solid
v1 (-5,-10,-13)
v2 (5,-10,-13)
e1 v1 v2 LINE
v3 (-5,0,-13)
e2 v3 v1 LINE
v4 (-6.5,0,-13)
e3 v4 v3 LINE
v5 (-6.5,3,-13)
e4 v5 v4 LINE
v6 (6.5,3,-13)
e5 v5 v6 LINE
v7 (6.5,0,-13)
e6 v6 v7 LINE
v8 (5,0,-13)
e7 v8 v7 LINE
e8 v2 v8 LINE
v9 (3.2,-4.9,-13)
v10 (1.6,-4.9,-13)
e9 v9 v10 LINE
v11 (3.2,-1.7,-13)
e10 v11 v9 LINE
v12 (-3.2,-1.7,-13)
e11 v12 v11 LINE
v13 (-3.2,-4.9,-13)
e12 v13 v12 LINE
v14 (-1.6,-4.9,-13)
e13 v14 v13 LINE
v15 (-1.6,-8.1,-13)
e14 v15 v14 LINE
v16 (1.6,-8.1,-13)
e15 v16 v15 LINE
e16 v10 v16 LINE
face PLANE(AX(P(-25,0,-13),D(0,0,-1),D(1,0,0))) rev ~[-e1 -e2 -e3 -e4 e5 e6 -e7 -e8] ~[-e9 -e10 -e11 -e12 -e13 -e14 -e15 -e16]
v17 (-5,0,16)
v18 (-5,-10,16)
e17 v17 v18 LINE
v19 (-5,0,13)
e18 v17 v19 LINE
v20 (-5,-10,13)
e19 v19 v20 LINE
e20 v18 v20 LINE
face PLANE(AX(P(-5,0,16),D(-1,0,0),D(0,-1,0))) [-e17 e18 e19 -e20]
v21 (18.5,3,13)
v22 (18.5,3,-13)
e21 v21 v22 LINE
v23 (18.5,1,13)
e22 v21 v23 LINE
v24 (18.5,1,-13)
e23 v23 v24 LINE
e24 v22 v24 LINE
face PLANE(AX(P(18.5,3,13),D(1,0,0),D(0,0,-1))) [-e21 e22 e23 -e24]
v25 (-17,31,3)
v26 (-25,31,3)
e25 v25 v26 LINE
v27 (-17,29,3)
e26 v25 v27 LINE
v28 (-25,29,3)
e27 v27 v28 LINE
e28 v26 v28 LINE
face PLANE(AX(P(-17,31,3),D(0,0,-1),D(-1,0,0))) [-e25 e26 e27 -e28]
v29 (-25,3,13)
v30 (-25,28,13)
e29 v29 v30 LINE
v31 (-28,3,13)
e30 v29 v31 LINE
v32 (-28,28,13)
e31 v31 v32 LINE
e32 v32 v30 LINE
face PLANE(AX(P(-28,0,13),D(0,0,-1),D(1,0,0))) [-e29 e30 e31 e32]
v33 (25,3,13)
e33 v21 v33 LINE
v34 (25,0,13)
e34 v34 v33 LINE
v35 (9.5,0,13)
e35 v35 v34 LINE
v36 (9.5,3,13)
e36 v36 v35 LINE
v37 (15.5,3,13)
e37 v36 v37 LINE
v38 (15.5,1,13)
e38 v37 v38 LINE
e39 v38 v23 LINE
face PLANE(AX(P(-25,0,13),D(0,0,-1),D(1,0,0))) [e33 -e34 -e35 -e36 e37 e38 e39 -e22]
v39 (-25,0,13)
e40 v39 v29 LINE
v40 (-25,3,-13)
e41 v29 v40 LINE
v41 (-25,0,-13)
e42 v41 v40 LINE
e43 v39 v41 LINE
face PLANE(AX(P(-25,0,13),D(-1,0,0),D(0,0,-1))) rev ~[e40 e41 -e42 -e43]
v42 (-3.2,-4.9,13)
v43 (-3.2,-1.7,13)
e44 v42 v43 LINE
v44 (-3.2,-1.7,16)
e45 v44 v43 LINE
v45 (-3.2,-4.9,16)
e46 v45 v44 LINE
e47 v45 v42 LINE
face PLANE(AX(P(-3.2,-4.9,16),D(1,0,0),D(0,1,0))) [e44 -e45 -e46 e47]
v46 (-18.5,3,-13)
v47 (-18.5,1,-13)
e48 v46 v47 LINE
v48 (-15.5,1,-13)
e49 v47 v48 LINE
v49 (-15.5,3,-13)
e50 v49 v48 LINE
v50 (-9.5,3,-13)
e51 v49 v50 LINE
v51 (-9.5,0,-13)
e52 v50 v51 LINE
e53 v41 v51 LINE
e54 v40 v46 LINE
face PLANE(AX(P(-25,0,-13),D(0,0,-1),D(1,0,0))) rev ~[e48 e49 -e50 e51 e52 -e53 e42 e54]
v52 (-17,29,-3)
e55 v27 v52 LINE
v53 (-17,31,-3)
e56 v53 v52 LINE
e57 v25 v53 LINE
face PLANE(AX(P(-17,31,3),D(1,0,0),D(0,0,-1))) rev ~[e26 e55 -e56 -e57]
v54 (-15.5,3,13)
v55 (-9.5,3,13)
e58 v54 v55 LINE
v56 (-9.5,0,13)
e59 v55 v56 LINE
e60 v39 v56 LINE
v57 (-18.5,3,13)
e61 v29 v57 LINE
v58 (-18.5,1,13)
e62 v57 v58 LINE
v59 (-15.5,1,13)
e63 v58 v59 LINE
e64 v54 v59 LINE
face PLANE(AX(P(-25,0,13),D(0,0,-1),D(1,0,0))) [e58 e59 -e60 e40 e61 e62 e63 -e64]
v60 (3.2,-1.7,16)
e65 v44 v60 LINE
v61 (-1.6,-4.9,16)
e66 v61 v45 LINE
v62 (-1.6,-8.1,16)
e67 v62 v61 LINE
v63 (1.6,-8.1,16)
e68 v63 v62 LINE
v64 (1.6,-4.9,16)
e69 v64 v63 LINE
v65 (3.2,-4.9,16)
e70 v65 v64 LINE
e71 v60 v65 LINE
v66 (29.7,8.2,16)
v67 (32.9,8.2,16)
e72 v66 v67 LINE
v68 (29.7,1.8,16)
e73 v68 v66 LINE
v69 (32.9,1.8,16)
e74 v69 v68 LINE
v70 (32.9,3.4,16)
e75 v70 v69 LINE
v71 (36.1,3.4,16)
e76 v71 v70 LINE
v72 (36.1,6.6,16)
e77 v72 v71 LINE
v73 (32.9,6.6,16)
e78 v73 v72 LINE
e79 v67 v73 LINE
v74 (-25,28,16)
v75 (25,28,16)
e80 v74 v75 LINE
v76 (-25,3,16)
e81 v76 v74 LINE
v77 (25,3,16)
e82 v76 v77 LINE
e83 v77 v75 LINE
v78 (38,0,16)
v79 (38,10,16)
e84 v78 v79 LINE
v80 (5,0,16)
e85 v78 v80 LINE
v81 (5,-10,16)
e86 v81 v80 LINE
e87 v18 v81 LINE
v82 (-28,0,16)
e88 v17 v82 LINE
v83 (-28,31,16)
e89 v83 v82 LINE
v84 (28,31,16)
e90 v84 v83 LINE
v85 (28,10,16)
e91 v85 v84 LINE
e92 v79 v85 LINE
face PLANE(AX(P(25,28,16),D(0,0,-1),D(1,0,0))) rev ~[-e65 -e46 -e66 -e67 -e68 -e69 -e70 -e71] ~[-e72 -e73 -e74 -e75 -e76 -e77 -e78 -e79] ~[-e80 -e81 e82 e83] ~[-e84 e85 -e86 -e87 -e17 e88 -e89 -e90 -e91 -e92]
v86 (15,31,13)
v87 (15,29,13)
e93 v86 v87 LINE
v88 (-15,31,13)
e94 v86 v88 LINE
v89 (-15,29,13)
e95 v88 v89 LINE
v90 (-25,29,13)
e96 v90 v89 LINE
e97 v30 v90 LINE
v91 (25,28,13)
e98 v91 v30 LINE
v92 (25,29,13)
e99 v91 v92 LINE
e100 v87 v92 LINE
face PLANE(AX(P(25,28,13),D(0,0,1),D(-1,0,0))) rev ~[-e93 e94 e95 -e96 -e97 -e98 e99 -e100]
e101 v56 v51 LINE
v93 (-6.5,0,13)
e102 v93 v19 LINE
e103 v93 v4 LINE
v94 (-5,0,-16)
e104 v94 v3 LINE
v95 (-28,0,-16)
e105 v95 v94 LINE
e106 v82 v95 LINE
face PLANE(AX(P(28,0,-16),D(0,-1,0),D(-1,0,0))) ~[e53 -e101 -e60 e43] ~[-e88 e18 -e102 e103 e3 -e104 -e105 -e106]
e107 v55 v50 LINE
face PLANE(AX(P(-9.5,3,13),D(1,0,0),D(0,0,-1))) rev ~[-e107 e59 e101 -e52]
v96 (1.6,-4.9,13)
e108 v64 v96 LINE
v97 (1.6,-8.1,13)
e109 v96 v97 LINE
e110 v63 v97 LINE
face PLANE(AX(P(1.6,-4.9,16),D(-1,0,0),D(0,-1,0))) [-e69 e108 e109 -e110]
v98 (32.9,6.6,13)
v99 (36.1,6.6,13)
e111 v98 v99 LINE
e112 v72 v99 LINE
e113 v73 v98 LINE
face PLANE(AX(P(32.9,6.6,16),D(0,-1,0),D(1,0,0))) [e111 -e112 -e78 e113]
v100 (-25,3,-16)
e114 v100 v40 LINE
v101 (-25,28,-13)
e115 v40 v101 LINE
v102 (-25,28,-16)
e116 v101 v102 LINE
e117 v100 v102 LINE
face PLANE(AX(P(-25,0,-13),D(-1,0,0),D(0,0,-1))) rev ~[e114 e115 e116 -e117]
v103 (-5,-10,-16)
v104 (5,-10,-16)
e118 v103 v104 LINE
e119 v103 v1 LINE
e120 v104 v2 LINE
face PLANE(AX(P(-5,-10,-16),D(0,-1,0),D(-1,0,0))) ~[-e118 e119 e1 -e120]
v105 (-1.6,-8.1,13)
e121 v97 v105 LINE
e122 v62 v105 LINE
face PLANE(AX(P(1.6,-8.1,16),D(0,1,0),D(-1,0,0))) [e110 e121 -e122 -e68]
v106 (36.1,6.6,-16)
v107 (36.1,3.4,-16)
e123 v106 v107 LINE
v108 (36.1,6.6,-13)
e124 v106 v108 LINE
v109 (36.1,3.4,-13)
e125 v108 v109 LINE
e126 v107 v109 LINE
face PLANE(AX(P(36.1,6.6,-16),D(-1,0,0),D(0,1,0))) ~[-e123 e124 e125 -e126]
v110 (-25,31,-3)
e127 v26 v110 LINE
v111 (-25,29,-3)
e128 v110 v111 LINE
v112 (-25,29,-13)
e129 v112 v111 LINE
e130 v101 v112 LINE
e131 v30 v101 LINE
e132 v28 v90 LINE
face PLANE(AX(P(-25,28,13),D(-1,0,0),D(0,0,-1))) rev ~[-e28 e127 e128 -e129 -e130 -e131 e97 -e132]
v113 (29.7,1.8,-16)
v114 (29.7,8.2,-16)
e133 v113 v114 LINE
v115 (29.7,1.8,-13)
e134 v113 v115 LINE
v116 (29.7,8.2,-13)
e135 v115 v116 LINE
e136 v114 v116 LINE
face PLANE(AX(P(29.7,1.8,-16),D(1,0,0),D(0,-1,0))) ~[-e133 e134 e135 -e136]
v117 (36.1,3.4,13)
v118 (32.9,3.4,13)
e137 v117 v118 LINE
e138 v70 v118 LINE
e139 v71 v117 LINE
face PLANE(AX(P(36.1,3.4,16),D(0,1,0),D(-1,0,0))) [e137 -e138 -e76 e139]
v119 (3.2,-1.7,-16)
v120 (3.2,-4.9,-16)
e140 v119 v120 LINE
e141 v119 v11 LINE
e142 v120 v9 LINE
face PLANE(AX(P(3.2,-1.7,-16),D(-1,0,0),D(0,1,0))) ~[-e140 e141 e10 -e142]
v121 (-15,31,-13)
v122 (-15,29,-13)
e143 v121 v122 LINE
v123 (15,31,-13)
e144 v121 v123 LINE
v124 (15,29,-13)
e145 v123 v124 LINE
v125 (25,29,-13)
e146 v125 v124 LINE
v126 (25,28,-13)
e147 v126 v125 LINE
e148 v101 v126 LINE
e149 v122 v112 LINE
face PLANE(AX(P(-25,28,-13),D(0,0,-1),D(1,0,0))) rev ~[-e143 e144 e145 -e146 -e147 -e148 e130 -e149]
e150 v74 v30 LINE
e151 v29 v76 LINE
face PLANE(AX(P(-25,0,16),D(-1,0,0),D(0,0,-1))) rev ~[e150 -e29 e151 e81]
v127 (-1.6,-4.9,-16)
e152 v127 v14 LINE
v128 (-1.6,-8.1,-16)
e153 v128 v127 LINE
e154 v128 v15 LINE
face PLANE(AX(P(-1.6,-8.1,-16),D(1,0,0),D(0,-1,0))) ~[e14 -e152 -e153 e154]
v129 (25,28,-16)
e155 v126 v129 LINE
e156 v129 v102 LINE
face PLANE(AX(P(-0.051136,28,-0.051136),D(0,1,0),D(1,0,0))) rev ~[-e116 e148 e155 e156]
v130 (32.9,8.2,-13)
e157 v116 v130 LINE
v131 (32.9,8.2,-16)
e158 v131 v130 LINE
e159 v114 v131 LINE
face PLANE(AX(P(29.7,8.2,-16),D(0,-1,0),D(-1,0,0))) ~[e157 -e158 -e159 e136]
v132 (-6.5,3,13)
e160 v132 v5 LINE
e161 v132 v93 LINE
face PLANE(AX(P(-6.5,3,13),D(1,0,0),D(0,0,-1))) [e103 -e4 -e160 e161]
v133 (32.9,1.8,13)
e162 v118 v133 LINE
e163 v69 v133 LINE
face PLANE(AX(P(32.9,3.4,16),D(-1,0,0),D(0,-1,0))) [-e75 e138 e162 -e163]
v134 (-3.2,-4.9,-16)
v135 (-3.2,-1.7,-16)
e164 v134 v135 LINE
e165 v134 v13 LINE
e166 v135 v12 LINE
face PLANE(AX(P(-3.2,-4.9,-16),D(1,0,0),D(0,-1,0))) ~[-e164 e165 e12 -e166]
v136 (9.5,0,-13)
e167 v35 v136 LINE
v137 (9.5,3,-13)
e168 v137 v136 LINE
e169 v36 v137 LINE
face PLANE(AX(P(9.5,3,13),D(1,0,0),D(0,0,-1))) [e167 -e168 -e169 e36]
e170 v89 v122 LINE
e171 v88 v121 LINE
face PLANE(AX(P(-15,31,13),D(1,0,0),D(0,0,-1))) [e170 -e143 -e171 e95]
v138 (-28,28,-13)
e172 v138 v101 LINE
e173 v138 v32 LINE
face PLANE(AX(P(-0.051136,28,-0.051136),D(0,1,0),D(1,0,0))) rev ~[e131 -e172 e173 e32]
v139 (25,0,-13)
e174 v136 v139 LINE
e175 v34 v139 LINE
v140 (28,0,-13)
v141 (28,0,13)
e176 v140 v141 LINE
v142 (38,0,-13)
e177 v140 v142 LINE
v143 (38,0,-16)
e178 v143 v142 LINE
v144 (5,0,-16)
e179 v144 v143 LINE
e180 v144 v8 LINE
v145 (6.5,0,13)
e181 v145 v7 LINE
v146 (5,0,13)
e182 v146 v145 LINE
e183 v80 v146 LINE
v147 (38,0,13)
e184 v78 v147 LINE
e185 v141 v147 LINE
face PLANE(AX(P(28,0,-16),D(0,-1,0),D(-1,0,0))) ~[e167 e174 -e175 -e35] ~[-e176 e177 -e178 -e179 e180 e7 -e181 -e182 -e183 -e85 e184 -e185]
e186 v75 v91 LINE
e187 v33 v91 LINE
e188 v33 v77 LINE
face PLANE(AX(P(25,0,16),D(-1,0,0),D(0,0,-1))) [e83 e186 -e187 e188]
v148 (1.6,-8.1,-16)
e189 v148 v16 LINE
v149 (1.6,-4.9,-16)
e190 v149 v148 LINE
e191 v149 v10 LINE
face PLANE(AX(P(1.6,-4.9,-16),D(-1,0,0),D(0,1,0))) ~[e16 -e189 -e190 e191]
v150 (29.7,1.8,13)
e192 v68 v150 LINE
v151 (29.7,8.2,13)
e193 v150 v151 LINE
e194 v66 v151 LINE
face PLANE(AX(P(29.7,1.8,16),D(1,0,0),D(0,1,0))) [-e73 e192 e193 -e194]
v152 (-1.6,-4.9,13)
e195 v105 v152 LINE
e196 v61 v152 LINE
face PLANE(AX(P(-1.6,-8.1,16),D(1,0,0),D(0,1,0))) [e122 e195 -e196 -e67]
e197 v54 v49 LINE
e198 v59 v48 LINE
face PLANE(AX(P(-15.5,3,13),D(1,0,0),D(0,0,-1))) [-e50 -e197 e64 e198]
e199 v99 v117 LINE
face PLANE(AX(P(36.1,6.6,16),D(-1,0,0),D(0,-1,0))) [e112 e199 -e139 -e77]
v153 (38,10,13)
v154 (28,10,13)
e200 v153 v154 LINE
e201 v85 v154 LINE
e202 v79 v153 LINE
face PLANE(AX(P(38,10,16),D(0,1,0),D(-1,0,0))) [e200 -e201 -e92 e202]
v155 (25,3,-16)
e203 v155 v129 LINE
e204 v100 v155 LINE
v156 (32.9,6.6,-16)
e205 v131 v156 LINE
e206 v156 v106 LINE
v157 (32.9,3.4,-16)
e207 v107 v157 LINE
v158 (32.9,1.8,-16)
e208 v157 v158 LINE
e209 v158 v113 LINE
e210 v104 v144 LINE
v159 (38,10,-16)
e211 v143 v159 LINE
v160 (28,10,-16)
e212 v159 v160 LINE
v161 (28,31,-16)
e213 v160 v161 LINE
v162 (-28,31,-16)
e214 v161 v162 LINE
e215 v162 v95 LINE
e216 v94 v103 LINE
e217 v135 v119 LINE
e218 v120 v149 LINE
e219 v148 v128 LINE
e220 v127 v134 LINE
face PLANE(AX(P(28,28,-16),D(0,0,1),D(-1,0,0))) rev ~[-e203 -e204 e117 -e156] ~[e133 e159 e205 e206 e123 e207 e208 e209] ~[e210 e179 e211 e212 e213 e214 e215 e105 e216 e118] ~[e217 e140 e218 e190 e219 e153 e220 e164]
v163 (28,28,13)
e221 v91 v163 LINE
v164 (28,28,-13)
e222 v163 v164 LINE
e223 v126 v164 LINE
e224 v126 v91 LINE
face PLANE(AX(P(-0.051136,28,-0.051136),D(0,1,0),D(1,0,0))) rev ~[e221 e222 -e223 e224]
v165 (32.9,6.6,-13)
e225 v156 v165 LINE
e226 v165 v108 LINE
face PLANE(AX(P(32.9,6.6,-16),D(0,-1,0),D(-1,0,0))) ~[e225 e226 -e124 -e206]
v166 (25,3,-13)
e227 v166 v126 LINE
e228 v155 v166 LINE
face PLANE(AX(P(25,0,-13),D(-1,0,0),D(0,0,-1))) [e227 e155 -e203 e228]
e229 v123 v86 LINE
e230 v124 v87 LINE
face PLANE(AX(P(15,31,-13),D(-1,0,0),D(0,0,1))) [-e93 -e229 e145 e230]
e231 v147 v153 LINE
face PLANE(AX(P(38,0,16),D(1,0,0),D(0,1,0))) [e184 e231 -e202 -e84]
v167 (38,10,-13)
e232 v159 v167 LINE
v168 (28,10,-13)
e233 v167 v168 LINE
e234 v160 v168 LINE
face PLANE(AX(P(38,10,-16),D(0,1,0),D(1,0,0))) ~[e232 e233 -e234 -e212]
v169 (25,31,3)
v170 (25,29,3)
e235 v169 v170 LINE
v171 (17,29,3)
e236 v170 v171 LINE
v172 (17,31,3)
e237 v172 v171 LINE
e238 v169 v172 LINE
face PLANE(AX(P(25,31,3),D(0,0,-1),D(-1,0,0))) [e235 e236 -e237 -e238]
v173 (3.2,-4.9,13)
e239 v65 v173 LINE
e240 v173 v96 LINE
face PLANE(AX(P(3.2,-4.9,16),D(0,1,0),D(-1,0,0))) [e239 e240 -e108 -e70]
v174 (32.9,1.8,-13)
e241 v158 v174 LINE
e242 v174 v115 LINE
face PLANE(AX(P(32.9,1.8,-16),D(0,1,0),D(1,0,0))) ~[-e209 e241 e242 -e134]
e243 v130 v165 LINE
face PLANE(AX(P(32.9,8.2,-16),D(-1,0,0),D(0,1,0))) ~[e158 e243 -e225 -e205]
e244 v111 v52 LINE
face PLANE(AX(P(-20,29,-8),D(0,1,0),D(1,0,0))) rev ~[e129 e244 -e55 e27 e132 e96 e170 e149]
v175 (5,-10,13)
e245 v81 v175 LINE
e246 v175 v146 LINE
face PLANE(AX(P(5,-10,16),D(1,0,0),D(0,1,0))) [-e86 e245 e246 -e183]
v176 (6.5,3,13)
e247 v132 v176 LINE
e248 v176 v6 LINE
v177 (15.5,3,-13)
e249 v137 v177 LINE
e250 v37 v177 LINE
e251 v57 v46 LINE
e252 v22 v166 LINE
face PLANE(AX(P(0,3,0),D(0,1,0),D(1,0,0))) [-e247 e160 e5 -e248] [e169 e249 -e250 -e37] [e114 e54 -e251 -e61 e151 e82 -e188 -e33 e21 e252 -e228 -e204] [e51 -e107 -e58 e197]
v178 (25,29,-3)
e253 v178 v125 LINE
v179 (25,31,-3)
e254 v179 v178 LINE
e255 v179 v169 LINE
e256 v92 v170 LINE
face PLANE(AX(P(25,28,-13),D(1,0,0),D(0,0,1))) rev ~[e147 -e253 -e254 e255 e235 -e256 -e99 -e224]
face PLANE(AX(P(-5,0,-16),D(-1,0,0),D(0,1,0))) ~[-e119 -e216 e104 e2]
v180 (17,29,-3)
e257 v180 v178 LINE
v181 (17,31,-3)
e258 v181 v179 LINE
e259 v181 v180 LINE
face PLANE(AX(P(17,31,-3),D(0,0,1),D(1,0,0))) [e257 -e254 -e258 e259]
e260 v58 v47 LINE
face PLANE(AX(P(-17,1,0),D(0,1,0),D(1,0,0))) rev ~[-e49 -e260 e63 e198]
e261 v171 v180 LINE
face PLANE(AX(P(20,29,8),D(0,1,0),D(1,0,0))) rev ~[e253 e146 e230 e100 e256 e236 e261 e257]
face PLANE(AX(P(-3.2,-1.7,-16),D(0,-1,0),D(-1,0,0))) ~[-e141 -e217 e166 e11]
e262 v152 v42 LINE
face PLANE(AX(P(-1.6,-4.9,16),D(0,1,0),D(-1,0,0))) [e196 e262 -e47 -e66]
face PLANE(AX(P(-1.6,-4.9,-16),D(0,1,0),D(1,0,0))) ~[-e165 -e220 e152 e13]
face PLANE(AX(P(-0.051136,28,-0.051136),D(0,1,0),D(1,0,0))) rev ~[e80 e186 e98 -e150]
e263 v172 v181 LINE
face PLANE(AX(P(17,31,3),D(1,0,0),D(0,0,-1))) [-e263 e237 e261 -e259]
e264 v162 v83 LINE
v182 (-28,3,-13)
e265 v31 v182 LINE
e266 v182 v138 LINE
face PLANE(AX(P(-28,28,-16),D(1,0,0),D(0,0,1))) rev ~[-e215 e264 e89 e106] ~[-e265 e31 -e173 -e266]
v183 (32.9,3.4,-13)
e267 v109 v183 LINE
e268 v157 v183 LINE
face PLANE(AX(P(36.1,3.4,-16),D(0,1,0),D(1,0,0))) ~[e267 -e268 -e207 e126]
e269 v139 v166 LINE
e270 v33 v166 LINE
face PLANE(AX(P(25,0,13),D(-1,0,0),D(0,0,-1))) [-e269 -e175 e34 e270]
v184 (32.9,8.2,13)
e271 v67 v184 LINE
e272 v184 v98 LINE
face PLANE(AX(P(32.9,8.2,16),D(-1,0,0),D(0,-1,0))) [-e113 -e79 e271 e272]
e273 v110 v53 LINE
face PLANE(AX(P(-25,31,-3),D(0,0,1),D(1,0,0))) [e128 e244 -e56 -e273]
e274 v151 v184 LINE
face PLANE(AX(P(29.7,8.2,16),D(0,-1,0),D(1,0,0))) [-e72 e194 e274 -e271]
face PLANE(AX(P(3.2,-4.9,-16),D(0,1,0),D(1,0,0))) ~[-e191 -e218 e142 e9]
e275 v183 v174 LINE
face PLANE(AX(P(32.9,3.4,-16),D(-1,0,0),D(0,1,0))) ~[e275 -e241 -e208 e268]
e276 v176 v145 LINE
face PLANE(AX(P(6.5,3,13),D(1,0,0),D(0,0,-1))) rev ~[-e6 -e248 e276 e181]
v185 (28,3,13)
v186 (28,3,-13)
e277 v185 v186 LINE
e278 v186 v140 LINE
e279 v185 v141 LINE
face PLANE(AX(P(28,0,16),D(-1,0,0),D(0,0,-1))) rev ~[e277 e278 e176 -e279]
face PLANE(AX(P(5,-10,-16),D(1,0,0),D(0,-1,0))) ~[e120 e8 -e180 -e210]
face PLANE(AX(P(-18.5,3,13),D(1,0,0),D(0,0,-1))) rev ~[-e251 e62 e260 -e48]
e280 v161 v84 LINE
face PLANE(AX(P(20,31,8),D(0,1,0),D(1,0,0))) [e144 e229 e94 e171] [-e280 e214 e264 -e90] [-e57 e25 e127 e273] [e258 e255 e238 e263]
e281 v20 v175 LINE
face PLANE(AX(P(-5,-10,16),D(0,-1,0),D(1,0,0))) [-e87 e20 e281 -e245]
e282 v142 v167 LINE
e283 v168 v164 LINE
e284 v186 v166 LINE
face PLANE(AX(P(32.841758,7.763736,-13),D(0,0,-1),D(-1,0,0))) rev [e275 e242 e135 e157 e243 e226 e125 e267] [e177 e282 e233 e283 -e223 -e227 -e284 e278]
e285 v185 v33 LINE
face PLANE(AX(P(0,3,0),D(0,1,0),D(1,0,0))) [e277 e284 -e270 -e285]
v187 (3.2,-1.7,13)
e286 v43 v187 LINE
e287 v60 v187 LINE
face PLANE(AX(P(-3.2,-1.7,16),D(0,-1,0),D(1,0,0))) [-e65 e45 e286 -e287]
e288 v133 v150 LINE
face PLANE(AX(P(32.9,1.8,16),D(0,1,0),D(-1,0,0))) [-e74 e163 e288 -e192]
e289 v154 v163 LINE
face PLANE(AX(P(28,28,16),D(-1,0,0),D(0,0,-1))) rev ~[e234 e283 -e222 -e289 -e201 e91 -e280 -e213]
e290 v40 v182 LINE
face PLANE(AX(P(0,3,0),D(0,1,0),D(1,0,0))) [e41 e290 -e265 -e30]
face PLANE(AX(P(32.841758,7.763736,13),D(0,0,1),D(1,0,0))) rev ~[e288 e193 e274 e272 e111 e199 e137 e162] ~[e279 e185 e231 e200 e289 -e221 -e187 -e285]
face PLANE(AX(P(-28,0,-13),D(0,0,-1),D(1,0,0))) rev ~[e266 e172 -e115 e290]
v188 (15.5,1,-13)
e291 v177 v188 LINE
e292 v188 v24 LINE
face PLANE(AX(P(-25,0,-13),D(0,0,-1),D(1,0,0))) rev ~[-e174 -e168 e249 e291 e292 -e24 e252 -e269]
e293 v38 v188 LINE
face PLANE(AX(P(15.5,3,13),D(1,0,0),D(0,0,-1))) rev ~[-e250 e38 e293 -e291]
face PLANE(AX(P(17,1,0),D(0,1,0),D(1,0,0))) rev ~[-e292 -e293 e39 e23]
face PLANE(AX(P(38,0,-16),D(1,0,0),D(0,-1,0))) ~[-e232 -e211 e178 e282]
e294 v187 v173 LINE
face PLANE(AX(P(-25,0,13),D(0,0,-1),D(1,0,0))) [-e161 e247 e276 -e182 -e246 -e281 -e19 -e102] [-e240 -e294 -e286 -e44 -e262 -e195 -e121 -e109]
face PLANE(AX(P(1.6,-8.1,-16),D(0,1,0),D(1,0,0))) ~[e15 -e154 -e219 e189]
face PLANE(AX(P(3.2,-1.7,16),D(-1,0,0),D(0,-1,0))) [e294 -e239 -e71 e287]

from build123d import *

# Parameters (mm, degrees)
SKETCH1_W           = 56
SKETCH1_H           = 32
SKETCH1_W_2         = 50
SKETCH1_H_2         = 26
BOSS_EXTRUDE1_DEPTH = 3
SKETCH2_W           = 3
SKETCH2_H           = 3
BOSS_EXTRUDE2_DEPTH = 28
SKETCH3_W           = 10
SKETCH3_H           = 10
BOSS_EXTRUDE3_DEPTH = 3
BOSS_EXTRUDE4_DEPTH = 3
SKETCH6_W           = 56
SKETCH6_H           = 32
SKETCH6_W_2         = 50
SKETCH6_H_2         = 26
BOSS_EXTRUDE5_DEPTH = 3
SKETCH10_W          = 3
SKETCH10_H          = 26
BOSS_EXTRUDE7_DEPTH = 3
SKETCH10_4_W        = 3
SKETCH10_4_H        = 26
BOSS_EXTRUDE8_DEPTH = 2
BOSS_EXTRUDE9_DEPTH = 2


with BuildPart() as part:
    # Sketch1 → Boss-Extrude1 (new body)
    with BuildSketch(Plane(origin=(0, 0, 0), x_dir=(1, 0, 0), z_dir=(0, 1, 0))):
        Rectangle(SKETCH1_W, SKETCH1_H)
        Rectangle(SKETCH1_W_2, SKETCH1_H_2, mode=Mode.SUBTRACT)
    extrude(amount=BOSS_EXTRUDE1_DEPTH)

    # Sketch2 → Boss-Extrude2 (add)
    with BuildSketch(Plane(origin=(0, 0, 0), x_dir=(1, 0, 0), z_dir=(0, 1, 0))):
        with Locations((26.5, 14.5)):
            Rectangle(SKETCH2_W, SKETCH2_H)
        with Locations((26.5, -14.5)):
            Rectangle(SKETCH2_W, SKETCH2_H)
        with Locations((-26.5, -14.5)):
            Rectangle(SKETCH2_W, SKETCH2_H)
        with Locations((-26.5, 14.5)):
            Rectangle(SKETCH2_W, SKETCH2_H)
    extrude(amount=BOSS_EXTRUDE2_DEPTH)

    # Sketch3 → Boss-Extrude3 (add)
    with BuildSketch(Plane.XY.offset(16)):
        with Locations((33, 5)):
            Rectangle(SKETCH3_W, SKETCH3_H)
        Polygon((29.7, 1.8), (29.7, 8.2), (32.9, 8.2), (32.9, 6.6), (36.1, 6.6), (36.1, 3.4), (32.9, 3.4), (32.9, 1.8), align=None, mode=Mode.SUBTRACT)
    boss_extrude3 = extrude(amount=-BOSS_EXTRUDE3_DEPTH)

    # Mirror1: Boss-Extrude3 across plane
    add(boss_extrude3.mirror(Plane.XY))

    # Sketch4 → Boss-Extrude4 (add)
    with BuildSketch(Plane.XY.offset(16)):
        Polygon((5, 0), (0, 0), (-5, 0), (-5, -10), (0, -10), (5, -10), align=None)
        Polygon((1.6, -8.1), (0, -8.1), (-1.6, -8.1), (-1.6, -4.9), (-3.2, -4.9), (-3.2, -1.7), (3.2, -1.7), (3.2, -4.9), (1.6, -4.9), align=None, mode=Mode.SUBTRACT)
    boss_extrude4 = extrude(amount=-BOSS_EXTRUDE4_DEPTH)

    # Mirror2: Boss-Extrude4 across plane
    add(boss_extrude4.mirror(Plane.XY))

    # Sketch6 → Boss-Extrude5 (add)
    with BuildSketch(Plane(origin=(0, 28, 0), x_dir=(1, 0, 0), z_dir=(0, 1, 0))):
        Rectangle(SKETCH6_W, SKETCH6_H)
        Rectangle(SKETCH6_W_2, SKETCH6_H_2, mode=Mode.SUBTRACT)
    extrude(amount=BOSS_EXTRUDE5_DEPTH)

    # Sketch10 → Boss-Extrude7 (add)
    with BuildSketch(Plane(origin=(0, 3, 0), x_dir=(1, 0, 0), z_dir=(0, 1, 0))):
        with Locations((-8, 0)):
            Rectangle(SKETCH10_W, SKETCH10_H)
        with Locations((8, 0)):
            Rectangle(SKETCH10_W, SKETCH10_H)
    extrude(amount=-BOSS_EXTRUDE7_DEPTH)

    # Sketch10<4> → Boss-Extrude8 (add)
    with BuildSketch(Plane(origin=(0, 3, 0), x_dir=(1, 0, 0), z_dir=(0, 1, 0))):
        with Locations((-17, 0)):
            Rectangle(SKETCH10_4_W, SKETCH10_4_H)
        with Locations((17, 0)):
            Rectangle(SKETCH10_4_W, SKETCH10_4_H)
    extrude(amount=-BOSS_EXTRUDE8_DEPTH)

    # Sketch11 → Boss-Extrude9 (add)
    with BuildSketch(Plane(origin=(0, 31, 0), x_dir=(1, 0, 0), z_dir=(0, 1, 0))):
        Polygon((-25, -3), (-25, -13), (-15, -13), (-15, 13), (-25, 13), (-25, 3), (-17, 3), (-17, -3), align=None)
        Polygon((15, -13), (25, -13), (25, -3), (17, -3), (17, 3), (25, 3), (25, 13), (15, 13), align=None)
    extrude(amount=-BOSS_EXTRUDE9_DEPTH)


solid = part.part
